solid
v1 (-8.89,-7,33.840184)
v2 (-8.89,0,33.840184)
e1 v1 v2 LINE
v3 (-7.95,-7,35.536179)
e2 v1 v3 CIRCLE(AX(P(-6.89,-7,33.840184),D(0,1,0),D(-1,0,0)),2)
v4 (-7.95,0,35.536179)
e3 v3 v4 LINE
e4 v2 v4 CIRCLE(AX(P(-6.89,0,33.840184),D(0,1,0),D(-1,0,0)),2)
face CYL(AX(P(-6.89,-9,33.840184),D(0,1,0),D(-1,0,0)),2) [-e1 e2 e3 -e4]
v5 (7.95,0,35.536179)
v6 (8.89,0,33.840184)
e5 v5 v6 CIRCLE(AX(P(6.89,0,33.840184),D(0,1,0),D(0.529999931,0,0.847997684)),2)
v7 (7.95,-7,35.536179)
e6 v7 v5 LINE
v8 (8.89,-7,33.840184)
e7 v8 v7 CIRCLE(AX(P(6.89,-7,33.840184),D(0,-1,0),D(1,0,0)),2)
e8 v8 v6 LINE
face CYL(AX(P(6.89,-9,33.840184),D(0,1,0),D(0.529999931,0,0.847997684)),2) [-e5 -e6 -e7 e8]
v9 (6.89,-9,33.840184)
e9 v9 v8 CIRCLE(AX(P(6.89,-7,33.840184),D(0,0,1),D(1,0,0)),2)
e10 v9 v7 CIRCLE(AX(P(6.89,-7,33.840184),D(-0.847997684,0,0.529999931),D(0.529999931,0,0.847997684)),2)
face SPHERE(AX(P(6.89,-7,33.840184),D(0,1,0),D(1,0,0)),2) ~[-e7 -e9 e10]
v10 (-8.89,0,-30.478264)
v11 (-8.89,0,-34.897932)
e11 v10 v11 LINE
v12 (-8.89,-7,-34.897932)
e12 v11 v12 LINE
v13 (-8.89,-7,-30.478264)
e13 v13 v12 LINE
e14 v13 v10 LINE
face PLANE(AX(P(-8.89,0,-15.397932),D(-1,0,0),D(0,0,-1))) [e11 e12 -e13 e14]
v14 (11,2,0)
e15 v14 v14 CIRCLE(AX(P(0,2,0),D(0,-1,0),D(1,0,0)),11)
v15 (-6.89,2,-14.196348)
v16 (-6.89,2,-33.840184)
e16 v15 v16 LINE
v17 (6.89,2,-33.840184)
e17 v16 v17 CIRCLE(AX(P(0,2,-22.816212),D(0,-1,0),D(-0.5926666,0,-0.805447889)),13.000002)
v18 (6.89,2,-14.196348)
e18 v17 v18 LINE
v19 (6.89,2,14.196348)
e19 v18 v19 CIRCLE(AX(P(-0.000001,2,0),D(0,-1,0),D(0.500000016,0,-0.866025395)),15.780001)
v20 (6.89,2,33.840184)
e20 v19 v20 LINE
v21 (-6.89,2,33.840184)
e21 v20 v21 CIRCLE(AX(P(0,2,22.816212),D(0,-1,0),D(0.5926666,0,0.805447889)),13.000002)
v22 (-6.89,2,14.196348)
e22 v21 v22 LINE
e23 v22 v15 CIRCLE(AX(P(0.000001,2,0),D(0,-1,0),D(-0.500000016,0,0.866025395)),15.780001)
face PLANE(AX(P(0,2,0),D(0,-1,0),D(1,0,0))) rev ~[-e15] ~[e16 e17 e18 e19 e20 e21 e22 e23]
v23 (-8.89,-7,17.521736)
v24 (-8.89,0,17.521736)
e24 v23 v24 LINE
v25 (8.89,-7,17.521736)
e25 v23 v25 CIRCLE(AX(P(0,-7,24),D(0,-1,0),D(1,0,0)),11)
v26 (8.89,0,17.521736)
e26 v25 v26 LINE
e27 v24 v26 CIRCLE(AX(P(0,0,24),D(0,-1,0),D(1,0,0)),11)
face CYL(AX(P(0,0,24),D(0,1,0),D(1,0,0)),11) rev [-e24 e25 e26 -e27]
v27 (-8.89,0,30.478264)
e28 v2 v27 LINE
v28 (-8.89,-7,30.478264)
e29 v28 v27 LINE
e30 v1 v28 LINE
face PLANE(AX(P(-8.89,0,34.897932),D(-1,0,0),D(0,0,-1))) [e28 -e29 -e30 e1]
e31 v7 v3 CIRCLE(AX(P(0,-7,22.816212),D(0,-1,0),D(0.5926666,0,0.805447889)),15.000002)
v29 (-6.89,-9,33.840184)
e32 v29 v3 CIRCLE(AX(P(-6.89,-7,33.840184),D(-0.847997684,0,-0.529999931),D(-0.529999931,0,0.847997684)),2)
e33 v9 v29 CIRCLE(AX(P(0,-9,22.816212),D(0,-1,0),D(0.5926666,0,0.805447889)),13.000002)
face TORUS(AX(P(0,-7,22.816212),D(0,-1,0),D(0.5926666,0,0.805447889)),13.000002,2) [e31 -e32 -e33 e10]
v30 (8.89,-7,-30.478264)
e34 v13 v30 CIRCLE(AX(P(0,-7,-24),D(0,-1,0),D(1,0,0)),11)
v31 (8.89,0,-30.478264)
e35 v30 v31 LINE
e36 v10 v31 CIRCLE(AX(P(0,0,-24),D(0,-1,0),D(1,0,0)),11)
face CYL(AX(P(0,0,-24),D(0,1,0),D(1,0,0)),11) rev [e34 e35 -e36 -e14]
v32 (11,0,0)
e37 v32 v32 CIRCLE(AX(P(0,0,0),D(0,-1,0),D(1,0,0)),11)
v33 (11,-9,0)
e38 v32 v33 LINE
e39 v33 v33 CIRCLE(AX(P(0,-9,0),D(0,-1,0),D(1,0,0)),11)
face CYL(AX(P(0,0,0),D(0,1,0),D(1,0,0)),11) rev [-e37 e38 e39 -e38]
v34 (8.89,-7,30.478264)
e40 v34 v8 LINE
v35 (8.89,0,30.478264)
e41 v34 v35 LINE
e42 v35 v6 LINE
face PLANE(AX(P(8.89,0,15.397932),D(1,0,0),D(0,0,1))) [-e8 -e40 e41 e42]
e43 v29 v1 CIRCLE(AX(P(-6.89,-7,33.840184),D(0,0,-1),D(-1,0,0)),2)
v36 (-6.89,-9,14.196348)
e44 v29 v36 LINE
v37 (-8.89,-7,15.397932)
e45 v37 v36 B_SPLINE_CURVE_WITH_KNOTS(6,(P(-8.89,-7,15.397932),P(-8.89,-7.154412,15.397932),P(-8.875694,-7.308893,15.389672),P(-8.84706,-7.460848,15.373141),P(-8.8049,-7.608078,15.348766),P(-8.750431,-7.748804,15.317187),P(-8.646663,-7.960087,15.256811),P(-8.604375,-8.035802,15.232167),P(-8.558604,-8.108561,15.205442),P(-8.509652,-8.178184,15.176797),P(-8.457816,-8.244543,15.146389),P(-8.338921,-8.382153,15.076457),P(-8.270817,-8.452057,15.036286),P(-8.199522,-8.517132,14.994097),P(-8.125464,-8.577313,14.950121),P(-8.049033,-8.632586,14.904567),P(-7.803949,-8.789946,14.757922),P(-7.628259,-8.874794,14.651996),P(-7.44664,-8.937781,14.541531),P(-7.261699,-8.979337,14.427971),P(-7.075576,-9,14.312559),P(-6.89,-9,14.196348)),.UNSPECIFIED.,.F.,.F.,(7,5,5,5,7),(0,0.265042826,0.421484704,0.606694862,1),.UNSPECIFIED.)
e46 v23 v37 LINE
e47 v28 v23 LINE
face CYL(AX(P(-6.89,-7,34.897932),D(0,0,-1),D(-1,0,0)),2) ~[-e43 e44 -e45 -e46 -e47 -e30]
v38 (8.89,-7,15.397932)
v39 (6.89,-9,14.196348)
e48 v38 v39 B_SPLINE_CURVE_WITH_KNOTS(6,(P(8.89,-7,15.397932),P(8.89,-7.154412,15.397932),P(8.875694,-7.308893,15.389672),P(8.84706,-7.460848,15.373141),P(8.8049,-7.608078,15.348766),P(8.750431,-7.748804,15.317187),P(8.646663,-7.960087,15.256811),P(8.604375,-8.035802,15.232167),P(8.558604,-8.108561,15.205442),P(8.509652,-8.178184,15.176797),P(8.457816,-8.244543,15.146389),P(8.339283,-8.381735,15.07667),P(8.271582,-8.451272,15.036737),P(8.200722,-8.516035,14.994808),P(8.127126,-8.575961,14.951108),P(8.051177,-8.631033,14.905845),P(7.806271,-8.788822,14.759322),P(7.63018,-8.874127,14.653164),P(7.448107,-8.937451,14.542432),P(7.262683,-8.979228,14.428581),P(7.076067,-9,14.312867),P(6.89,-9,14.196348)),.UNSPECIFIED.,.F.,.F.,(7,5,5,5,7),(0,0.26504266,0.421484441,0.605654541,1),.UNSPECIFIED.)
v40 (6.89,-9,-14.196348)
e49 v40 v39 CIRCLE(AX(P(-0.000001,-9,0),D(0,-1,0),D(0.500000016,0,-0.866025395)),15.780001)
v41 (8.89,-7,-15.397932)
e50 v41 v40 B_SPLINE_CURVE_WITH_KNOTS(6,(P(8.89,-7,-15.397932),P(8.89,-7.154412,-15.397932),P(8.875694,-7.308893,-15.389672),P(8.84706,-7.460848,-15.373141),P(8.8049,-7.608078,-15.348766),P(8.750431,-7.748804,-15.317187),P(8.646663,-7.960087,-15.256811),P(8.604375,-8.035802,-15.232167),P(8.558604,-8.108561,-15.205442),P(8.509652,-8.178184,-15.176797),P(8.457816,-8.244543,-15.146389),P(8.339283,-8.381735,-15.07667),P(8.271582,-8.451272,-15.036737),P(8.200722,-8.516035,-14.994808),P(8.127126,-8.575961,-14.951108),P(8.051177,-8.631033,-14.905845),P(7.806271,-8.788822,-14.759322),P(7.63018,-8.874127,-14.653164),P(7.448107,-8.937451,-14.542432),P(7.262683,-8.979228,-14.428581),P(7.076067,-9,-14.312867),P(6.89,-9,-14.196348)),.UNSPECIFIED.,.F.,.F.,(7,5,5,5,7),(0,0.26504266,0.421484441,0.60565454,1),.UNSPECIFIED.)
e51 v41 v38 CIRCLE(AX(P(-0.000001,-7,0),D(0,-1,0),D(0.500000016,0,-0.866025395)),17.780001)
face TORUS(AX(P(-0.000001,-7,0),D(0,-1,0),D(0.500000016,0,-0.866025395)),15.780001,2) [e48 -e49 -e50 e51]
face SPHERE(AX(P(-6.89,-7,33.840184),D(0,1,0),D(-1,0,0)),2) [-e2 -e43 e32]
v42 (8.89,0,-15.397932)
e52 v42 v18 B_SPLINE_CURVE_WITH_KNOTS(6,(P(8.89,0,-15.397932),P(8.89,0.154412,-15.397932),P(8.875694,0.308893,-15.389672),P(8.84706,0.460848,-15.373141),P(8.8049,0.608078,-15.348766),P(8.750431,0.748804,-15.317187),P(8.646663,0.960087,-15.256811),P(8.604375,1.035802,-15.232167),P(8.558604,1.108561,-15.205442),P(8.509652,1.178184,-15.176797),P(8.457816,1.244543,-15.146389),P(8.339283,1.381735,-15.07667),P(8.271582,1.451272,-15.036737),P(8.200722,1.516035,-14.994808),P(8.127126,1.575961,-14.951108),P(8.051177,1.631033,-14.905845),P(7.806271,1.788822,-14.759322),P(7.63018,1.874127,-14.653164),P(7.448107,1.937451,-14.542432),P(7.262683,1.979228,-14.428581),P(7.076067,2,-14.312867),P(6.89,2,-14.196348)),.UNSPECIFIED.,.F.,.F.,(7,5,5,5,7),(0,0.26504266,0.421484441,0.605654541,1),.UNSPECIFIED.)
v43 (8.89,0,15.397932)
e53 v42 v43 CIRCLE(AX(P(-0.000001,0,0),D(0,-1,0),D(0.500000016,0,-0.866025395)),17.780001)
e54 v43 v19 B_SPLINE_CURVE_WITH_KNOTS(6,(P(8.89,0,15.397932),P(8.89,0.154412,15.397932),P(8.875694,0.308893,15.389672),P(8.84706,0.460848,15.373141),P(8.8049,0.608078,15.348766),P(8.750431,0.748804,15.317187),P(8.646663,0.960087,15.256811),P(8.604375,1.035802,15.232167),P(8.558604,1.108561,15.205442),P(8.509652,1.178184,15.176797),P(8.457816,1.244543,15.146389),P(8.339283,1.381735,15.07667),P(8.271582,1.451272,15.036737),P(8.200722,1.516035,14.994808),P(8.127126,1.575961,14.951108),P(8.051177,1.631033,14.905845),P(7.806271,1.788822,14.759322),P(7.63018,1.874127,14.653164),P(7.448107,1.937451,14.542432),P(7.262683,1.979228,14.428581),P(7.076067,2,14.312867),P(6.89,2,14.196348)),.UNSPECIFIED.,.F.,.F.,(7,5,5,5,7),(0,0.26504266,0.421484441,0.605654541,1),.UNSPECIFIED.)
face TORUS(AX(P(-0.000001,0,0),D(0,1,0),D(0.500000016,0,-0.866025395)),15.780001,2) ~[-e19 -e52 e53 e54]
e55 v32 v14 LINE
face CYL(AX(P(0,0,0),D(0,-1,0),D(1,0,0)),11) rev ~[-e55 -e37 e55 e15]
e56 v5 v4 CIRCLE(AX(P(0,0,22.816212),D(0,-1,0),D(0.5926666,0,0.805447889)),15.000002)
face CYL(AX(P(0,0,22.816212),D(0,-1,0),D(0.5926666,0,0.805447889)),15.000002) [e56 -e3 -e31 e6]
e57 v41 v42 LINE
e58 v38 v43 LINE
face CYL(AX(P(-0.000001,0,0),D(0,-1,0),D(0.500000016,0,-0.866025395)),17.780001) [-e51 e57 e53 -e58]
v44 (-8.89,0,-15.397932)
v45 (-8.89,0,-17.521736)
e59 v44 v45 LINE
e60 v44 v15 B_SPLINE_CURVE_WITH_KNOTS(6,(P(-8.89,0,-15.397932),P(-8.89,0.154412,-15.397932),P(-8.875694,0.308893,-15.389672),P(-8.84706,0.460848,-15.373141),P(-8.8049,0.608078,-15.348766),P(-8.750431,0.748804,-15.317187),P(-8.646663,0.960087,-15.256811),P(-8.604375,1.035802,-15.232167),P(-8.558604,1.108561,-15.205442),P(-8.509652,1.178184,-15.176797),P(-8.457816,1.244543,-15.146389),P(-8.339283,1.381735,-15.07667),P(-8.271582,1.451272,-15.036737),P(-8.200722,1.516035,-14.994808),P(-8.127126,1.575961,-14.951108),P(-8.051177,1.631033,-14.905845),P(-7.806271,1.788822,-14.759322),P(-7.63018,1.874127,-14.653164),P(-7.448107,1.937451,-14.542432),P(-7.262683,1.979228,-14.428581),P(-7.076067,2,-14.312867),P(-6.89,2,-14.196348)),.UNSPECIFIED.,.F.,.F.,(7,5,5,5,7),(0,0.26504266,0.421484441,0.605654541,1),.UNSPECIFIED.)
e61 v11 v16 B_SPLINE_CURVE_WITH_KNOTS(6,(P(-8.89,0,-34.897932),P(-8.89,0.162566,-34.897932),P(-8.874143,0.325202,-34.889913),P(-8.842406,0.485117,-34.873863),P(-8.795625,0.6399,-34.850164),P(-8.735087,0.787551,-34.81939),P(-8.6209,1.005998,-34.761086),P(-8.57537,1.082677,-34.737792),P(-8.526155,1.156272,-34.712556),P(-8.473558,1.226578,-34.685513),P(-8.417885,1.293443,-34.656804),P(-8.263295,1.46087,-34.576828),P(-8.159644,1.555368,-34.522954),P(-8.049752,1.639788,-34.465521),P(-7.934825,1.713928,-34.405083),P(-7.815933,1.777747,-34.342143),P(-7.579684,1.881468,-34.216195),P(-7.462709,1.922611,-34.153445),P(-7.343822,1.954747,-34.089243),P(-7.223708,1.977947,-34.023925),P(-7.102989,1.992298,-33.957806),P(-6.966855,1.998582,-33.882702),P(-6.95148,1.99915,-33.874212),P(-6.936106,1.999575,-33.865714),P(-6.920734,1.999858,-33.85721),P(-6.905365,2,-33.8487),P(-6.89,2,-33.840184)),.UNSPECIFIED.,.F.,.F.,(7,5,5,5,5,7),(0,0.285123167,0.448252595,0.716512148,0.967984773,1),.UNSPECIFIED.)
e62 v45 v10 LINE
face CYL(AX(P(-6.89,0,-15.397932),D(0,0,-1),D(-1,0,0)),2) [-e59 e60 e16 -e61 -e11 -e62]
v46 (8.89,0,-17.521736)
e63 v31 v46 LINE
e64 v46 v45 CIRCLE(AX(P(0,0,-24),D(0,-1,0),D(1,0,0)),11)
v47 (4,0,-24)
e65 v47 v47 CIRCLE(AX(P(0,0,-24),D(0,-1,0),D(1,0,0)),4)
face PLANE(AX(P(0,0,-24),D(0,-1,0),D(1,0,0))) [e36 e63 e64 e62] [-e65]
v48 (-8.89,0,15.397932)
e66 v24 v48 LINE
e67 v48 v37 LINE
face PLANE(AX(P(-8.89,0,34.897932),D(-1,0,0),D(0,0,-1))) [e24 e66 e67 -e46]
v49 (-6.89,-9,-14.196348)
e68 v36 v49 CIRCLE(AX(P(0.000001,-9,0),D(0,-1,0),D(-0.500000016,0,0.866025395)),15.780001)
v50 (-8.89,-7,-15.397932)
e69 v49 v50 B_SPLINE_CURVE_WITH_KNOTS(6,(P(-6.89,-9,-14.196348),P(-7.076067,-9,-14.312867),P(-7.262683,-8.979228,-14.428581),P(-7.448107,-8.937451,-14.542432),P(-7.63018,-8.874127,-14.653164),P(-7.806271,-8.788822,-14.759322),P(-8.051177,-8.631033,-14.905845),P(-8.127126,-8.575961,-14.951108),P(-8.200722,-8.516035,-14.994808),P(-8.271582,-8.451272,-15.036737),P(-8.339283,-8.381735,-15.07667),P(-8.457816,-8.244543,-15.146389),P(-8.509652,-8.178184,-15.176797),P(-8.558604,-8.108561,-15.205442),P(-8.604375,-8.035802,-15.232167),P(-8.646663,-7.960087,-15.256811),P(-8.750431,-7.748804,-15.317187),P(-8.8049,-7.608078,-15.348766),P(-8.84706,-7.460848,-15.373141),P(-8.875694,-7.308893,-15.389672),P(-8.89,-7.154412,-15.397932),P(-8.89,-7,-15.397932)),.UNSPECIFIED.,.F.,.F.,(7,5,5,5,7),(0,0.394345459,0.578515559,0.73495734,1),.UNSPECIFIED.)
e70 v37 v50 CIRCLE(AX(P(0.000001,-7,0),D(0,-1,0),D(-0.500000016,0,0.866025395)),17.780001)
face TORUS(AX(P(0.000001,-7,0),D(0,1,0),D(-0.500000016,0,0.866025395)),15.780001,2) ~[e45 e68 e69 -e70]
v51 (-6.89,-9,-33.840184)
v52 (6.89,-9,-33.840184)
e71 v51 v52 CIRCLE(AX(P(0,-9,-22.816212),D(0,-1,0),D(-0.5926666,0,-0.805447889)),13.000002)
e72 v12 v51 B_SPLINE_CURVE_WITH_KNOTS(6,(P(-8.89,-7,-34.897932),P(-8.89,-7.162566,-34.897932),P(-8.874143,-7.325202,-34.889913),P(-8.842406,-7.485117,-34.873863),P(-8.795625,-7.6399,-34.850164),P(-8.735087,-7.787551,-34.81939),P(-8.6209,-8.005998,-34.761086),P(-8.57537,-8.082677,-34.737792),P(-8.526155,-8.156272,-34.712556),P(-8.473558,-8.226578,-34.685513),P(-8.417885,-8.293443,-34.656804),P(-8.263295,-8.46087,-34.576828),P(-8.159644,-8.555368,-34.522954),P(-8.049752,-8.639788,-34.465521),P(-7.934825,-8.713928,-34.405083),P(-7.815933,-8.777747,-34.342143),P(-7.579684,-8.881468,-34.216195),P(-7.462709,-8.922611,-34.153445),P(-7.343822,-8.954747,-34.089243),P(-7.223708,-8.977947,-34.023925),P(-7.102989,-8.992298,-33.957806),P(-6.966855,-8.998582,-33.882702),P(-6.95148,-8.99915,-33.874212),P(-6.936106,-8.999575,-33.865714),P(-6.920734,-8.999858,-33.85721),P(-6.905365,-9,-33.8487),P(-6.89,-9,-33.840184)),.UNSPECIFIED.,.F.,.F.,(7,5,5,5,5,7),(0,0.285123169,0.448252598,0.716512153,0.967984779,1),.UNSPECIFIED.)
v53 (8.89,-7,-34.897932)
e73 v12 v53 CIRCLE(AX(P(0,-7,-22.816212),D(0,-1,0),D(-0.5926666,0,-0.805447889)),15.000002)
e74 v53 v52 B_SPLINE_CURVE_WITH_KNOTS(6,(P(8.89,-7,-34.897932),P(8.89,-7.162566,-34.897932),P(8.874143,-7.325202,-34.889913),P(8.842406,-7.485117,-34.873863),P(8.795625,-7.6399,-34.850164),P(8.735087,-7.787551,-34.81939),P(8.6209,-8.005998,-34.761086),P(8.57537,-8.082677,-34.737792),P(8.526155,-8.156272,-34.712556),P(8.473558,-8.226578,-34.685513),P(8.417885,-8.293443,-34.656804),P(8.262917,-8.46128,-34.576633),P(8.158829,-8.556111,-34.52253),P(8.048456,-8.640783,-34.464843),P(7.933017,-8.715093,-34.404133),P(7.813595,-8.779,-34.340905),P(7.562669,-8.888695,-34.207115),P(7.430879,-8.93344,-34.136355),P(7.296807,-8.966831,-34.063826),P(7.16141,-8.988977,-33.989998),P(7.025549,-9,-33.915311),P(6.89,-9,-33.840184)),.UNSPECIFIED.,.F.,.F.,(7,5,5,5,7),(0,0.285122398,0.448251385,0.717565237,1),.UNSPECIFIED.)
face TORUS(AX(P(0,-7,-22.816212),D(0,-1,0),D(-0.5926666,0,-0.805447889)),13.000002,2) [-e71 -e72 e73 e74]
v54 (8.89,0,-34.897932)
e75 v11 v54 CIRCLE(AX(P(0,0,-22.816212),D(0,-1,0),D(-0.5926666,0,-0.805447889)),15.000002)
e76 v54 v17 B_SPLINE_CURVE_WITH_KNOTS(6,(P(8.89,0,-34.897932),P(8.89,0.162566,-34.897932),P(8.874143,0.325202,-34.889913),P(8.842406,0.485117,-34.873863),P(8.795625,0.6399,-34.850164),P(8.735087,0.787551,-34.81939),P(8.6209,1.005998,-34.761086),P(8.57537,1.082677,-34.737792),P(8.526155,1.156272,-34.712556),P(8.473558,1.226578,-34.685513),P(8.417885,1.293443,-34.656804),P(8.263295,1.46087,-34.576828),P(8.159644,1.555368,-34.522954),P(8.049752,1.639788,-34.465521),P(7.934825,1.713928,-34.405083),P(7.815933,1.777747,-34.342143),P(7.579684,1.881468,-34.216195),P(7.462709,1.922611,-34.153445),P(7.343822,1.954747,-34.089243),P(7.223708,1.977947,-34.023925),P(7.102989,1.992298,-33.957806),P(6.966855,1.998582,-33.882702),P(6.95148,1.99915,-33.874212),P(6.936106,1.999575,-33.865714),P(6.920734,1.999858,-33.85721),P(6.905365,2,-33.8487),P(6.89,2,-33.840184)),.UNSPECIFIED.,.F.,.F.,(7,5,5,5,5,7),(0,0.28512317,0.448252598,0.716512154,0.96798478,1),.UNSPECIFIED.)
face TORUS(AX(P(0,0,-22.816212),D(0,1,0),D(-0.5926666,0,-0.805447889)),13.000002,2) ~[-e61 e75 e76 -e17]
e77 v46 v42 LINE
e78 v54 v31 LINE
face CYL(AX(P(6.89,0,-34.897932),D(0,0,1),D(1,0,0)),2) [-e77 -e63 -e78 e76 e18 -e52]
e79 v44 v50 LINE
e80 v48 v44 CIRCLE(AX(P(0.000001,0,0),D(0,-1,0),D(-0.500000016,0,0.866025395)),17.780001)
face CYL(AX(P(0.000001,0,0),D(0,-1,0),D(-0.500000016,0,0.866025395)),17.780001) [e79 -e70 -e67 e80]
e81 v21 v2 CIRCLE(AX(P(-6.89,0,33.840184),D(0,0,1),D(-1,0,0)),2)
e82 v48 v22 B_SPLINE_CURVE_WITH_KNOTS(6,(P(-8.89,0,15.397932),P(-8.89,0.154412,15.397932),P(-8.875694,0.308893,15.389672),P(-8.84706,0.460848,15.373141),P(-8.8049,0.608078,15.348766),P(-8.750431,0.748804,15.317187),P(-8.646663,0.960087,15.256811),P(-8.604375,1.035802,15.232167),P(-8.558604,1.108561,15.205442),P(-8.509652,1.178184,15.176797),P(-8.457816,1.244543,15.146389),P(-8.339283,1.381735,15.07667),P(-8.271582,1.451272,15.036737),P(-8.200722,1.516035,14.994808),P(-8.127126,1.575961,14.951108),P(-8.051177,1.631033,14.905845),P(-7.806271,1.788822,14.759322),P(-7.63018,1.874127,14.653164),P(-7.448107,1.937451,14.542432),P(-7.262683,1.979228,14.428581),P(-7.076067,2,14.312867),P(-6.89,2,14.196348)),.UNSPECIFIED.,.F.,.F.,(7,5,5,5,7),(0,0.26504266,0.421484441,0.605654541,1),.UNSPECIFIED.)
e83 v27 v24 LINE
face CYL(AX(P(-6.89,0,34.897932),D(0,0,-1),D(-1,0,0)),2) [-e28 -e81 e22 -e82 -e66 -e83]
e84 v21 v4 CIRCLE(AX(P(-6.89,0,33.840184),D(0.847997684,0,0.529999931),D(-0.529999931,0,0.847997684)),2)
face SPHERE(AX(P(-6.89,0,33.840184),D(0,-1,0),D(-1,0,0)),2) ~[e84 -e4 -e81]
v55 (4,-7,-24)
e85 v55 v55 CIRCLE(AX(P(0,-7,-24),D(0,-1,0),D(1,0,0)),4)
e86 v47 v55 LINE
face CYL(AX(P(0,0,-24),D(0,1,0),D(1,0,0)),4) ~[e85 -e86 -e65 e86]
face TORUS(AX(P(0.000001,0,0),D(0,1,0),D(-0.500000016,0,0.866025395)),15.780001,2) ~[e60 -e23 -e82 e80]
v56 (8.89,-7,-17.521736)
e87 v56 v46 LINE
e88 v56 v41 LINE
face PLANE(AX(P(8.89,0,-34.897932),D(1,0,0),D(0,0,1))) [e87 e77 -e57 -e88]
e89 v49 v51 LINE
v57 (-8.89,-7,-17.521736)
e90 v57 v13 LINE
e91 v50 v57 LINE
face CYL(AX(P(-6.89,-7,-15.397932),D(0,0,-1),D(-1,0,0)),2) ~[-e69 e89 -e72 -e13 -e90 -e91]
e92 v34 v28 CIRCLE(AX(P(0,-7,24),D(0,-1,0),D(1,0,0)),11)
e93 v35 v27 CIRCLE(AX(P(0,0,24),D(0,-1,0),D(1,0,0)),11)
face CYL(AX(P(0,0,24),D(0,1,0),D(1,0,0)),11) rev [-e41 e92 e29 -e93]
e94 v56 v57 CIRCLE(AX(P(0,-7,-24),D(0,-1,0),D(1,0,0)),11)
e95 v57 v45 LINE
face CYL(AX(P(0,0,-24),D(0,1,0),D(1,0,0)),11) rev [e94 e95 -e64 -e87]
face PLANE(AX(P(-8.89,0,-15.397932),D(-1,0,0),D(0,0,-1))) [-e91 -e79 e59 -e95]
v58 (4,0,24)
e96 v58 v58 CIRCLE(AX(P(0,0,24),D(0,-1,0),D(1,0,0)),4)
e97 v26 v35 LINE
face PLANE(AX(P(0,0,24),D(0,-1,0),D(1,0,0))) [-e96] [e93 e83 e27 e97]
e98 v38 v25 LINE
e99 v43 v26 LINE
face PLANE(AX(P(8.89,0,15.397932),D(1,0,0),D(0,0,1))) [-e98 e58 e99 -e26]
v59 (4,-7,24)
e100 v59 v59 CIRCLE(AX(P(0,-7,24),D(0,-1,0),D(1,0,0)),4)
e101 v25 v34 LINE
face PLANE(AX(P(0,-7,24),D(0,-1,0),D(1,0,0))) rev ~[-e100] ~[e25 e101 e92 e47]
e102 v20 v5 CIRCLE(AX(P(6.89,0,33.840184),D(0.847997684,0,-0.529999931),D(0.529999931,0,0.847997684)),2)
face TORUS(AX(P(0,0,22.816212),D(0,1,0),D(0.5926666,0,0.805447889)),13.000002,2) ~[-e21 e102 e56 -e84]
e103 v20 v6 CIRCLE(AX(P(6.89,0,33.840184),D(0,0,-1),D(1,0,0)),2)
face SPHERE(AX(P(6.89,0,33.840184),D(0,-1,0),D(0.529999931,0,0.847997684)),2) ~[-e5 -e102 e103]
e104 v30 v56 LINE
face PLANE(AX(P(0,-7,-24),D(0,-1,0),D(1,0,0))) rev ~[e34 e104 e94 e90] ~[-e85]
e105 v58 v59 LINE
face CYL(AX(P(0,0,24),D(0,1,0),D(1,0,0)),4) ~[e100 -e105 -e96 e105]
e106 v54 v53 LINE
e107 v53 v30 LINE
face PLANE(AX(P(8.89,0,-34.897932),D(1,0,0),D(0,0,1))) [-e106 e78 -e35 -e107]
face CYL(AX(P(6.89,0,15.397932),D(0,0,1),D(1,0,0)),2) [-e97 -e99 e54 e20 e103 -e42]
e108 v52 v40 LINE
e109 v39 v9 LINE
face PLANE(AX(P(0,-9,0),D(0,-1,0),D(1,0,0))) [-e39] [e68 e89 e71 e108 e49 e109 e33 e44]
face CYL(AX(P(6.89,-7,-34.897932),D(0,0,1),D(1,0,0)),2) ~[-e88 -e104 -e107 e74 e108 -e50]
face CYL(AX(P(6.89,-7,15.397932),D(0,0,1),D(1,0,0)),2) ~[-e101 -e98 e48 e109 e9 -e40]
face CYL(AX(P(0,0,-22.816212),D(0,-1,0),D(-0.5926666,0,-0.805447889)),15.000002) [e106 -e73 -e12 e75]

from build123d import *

# Parameters (mm, degrees)
F1_R          = 11
F1_R_2        = 4
F2_DEPTH      = 7
F0_R          = 11
F3_DEPTH      = 9
F3_DEPTH_BACK = 2
F4_R          = 2


with BuildPart() as f2:
    # F1 (on Front) → F2 (new body)
    with BuildSketch(Plane.XZ):
        with Locations((0, 24)):
            Circle(F1_R)
        with Locations((0, 24)):
            Circle(F1_R_2, mode=Mode.SUBTRACT)
        with Locations((0, -24)):
            Circle(F1_R)
        with Locations((0, -24)):
            Circle(F1_R_2, mode=Mode.SUBTRACT)
    extrude(amount=F2_DEPTH)


with BuildPart() as f3:
    # F0 (on Front) → F3 (new body, two sides)
    with BuildSketch(Plane.XZ) as f3_sk:
        with BuildLine():
            Line((-8.89, 34.897932), (-8.89, 15.397932))
            ThreePointArc((-8.89, 15.397932), (-17.78, 0), (-8.89, -15.397932))
            Line((-8.89, -15.397932), (-8.89, -34.897932))
            ThreePointArc((-8.89, -34.897932), (0, -37.816214), (8.89, -34.897932))
            Line((8.89, -34.897932), (8.89, -15.397932))
            ThreePointArc((8.89, -15.397932), (17.78, 0), (8.89, 15.397932))
            Line((8.89, 15.397932), (8.89, 34.897932))
            ThreePointArc((8.89, 34.897932), (0, 37.816214), (-8.89, 34.897932))
        make_face()
        Circle(F0_R, mode=Mode.SUBTRACT)
    extrude(amount=F3_DEPTH)
    extrude(f3_sk.sketch, amount=-F3_DEPTH_BACK)

    # F4
    f4_edges = [f3.edges().sort_by_distance(p)[0] for p in [
        (-8.89, -9, 25.147932),
        (-17.78, -9, 0),
        (8.89, -9, 25.147932),
        (17.78, -9, 0),
        (0, -9, 37.816214),
        (0, -9, -37.816214),
        (8.89, -9, -25.147932),
        (-8.89, -9, -25.147932),
        (-8.89, 2, 25.147932),
        (0, 2, 37.816214),
        (-17.78, 2, 0),
        (-8.89, 2, -25.147932),
        (0, 2, -37.816214),
        (8.89, 2, 25.147932),
        (17.78, 2, 0),
        (8.89, 2, -25.147932),
        (-8.89, -3.5, 34.897932),
        (8.89, -3.5, 34.897932),
    ]]
    fillet(f4_edges, radius=F4_R)

    # F5: cut F2
    add(f2.part, mode=Mode.SUBTRACT)


solid = f3.part
